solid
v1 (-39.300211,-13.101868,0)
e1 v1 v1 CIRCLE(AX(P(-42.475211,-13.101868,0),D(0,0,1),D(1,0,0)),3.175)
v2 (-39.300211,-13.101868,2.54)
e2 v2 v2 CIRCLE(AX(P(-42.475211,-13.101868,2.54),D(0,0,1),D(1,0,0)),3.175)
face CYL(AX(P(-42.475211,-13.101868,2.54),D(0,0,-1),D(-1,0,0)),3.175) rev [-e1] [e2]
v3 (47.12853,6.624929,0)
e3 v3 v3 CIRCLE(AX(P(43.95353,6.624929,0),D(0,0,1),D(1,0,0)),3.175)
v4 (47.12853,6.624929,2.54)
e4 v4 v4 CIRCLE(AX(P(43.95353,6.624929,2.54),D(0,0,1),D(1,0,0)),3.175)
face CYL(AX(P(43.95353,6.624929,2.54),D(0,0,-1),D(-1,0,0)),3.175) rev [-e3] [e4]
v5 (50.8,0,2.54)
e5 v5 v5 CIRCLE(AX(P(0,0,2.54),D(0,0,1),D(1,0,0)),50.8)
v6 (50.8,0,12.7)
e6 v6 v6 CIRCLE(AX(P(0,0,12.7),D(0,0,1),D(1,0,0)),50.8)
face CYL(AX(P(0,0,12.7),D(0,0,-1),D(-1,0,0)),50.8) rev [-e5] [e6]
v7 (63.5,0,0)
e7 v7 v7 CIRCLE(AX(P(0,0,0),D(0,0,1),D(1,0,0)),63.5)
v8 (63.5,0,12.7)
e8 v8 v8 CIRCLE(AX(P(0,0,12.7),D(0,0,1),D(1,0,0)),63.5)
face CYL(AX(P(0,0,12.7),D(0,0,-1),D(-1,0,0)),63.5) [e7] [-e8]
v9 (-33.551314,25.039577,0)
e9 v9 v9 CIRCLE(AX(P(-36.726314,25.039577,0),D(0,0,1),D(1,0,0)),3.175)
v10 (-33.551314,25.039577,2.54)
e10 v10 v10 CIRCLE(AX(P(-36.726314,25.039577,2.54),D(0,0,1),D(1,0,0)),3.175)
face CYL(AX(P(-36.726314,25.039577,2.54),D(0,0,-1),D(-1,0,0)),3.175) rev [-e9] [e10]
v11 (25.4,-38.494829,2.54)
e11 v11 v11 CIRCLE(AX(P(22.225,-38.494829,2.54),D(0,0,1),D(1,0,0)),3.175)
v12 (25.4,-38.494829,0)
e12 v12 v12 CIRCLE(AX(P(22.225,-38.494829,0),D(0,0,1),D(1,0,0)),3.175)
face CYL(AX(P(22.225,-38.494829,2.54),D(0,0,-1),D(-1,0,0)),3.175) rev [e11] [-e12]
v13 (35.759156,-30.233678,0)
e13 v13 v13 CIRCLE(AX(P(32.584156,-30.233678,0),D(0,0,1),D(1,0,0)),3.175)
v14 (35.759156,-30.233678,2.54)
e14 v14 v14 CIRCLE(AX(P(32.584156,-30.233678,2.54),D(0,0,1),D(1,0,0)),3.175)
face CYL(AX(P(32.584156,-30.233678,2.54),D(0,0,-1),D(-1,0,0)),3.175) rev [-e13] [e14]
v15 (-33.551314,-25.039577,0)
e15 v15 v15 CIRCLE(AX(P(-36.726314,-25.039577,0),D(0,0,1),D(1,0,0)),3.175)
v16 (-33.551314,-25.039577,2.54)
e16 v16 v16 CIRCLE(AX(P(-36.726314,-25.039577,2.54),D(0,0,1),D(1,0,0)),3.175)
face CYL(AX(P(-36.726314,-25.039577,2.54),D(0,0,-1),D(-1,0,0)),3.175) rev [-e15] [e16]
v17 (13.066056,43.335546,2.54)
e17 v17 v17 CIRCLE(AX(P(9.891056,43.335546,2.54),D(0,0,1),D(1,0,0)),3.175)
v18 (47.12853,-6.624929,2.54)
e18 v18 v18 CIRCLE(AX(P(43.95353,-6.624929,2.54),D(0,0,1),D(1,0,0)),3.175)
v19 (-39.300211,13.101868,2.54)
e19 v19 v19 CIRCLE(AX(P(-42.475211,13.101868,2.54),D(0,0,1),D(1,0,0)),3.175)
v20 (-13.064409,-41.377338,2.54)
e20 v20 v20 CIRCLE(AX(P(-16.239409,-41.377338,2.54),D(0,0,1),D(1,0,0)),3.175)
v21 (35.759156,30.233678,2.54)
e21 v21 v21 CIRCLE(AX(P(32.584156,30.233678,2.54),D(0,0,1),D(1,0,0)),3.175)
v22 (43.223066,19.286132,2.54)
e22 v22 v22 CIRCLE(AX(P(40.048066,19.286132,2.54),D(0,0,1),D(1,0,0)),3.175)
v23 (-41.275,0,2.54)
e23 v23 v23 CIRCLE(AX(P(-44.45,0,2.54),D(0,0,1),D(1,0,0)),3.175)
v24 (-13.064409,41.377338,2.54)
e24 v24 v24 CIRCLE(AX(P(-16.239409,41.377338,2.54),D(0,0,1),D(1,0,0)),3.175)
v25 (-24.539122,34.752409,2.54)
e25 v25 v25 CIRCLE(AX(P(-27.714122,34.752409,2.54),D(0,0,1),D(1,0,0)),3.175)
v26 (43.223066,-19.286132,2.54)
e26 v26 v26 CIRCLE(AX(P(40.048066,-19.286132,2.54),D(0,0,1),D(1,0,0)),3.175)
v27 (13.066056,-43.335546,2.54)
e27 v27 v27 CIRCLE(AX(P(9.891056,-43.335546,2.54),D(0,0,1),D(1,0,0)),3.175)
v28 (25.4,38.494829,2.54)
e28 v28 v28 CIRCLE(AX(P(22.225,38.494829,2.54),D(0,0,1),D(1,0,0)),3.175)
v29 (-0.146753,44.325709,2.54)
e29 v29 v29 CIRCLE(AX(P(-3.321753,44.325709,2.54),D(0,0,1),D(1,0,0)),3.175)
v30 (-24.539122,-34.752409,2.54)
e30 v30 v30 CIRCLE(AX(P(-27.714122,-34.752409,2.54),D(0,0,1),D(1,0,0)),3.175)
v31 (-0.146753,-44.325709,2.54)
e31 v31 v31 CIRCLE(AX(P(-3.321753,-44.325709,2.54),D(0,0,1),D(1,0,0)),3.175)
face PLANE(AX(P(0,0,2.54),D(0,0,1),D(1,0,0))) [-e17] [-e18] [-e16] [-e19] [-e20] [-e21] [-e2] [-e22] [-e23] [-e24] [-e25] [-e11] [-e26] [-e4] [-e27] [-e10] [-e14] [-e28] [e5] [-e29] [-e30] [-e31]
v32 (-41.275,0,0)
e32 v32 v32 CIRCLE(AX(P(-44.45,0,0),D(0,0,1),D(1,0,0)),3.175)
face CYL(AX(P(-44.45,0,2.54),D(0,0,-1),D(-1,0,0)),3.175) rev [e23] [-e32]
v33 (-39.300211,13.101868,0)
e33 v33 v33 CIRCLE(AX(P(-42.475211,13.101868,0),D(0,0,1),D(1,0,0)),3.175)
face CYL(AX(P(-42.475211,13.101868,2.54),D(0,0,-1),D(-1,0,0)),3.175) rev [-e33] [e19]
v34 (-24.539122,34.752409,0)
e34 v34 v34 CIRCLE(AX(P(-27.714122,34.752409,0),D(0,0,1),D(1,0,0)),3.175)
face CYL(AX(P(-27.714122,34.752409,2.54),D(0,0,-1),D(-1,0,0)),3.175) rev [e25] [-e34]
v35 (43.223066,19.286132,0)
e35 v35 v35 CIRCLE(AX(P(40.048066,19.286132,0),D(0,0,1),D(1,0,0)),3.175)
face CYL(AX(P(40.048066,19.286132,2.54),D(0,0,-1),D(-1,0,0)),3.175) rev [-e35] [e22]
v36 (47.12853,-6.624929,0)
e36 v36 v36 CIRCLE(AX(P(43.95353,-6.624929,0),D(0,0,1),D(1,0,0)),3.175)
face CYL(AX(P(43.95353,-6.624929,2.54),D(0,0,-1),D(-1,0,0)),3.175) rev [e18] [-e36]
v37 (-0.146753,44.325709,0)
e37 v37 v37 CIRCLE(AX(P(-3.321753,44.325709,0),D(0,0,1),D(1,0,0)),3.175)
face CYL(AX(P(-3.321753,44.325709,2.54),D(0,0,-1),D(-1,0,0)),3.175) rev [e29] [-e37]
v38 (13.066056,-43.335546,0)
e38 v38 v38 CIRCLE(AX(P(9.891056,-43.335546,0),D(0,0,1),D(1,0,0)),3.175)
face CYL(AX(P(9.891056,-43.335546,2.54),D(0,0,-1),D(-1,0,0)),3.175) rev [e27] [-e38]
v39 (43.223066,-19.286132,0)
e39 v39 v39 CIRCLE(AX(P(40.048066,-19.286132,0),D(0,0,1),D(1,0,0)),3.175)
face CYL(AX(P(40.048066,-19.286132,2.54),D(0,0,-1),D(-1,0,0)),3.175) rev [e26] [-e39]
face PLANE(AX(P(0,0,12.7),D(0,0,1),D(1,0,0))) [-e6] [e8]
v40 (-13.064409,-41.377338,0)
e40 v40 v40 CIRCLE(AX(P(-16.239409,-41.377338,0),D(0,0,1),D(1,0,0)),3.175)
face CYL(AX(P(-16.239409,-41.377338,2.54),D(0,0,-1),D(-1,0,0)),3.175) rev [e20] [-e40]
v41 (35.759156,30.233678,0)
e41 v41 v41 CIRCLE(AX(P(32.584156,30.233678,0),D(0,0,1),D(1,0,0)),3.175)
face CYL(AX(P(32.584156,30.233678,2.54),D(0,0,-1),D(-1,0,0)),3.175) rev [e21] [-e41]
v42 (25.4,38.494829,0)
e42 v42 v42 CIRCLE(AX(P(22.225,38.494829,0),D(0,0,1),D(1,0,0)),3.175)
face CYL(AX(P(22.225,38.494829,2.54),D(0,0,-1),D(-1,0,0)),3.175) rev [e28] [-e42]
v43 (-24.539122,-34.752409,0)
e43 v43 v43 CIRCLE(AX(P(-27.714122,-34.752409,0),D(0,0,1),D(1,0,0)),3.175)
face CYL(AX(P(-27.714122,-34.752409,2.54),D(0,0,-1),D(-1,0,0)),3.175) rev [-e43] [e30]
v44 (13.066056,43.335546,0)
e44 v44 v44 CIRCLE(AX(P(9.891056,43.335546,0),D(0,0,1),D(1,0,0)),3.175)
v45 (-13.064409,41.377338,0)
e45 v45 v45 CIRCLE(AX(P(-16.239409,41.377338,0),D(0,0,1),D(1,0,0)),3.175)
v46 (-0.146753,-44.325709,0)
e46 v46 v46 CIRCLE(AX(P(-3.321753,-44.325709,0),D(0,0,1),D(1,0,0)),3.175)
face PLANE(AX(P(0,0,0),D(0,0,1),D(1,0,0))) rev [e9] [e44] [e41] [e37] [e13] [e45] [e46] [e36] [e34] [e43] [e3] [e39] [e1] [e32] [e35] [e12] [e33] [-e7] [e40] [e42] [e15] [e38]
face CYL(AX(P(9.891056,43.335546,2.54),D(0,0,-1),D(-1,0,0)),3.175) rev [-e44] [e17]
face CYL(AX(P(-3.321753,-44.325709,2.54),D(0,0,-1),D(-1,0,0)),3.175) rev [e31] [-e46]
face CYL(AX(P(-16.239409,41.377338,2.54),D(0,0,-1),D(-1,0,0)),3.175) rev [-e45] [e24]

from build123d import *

# Parameters (mm, degrees)
SKETCH4_R           = 63.5
SKETCH4_R_2         = 50.8
BOSS_EXTRUDE4_DEPTH = 12.7
SKETCH1_R           = 50.8
SKETCH1_R_2         = 3.175
BOSS_EXTRUDE5_DEPTH = 2.54


with BuildPart() as part:
    # Sketch4 → Boss-Extrude4 (new body)
    with BuildSketch(Plane.XY):
        Circle(SKETCH4_R)
        Circle(SKETCH4_R_2, mode=Mode.SUBTRACT)
    extrude(amount=BOSS_EXTRUDE4_DEPTH)

    # Sketch1 → Boss-Extrude5 (add)
    with BuildSketch(Plane.XY):
        Circle(SKETCH1_R)
        with Locations((-44.45, 0)):
            Circle(SKETCH1_R_2, mode=Mode.SUBTRACT)
        with Locations((-42.475211217, 13.101867503)):
            Circle(SKETCH1_R_2, mode=Mode.SUBTRACT)
        with Locations((-36.726313518, 25.039576581)):
            Circle(SKETCH1_R_2, mode=Mode.SUBTRACT)
        with Locations((-27.714121693, 34.752409396)):
            Circle(SKETCH1_R_2, mode=Mode.SUBTRACT)
        with Locations((-16.239408533, 41.377338127)):
            Circle(SKETCH1_R_2, mode=Mode.SUBTRACT)
        with Locations((-3.32175266, 44.325708785)):
            Circle(SKETCH1_R_2, mode=Mode.SUBTRACT)
        with Locations((9.891055514, 43.335545696)):
            Circle(SKETCH1_R_2, mode=Mode.SUBTRACT)
        with Locations((22.225, 38.494829198)):
            Circle(SKETCH1_R_2, mode=Mode.SUBTRACT)
        with Locations((32.584155703, 30.233678194)):
            Circle(SKETCH1_R_2, mode=Mode.SUBTRACT)
        with Locations((40.048066178, 19.286132204)):
            Circle(SKETCH1_R_2, mode=Mode.SUBTRACT)
        with Locations((43.953530226, 6.624928732)):
            Circle(SKETCH1_R_2, mode=Mode.SUBTRACT)
        with Locations((43.953530226, -6.624928732)):
            Circle(SKETCH1_R_2, mode=Mode.SUBTRACT)
        with Locations((40.048066178, -19.286132204)):
            Circle(SKETCH1_R_2, mode=Mode.SUBTRACT)
        with Locations((32.584155703, -30.233678194)):
            Circle(SKETCH1_R_2, mode=Mode.SUBTRACT)
        with Locations((22.225, -38.494829198)):
            Circle(SKETCH1_R_2, mode=Mode.SUBTRACT)
        with Locations((9.891055514, -43.335545696)):
            Circle(SKETCH1_R_2, mode=Mode.SUBTRACT)
        with Locations((-3.32175266, -44.325708785)):
            Circle(SKETCH1_R_2, mode=Mode.SUBTRACT)
        with Locations((-16.239408533, -41.377338127)):
            Circle(SKETCH1_R_2, mode=Mode.SUBTRACT)
        with Locations((-27.714121693, -34.752409396)):
            Circle(SKETCH1_R_2, mode=Mode.SUBTRACT)
        with Locations((-36.726313518, -25.039576581)):
            Circle(SKETCH1_R_2, mode=Mode.SUBTRACT)
        with Locations((-42.475211217, -13.101867503)):
            Circle(SKETCH1_R_2, mode=Mode.SUBTRACT)
    extrude(amount=BOSS_EXTRUDE5_DEPTH)


solid = part.part
